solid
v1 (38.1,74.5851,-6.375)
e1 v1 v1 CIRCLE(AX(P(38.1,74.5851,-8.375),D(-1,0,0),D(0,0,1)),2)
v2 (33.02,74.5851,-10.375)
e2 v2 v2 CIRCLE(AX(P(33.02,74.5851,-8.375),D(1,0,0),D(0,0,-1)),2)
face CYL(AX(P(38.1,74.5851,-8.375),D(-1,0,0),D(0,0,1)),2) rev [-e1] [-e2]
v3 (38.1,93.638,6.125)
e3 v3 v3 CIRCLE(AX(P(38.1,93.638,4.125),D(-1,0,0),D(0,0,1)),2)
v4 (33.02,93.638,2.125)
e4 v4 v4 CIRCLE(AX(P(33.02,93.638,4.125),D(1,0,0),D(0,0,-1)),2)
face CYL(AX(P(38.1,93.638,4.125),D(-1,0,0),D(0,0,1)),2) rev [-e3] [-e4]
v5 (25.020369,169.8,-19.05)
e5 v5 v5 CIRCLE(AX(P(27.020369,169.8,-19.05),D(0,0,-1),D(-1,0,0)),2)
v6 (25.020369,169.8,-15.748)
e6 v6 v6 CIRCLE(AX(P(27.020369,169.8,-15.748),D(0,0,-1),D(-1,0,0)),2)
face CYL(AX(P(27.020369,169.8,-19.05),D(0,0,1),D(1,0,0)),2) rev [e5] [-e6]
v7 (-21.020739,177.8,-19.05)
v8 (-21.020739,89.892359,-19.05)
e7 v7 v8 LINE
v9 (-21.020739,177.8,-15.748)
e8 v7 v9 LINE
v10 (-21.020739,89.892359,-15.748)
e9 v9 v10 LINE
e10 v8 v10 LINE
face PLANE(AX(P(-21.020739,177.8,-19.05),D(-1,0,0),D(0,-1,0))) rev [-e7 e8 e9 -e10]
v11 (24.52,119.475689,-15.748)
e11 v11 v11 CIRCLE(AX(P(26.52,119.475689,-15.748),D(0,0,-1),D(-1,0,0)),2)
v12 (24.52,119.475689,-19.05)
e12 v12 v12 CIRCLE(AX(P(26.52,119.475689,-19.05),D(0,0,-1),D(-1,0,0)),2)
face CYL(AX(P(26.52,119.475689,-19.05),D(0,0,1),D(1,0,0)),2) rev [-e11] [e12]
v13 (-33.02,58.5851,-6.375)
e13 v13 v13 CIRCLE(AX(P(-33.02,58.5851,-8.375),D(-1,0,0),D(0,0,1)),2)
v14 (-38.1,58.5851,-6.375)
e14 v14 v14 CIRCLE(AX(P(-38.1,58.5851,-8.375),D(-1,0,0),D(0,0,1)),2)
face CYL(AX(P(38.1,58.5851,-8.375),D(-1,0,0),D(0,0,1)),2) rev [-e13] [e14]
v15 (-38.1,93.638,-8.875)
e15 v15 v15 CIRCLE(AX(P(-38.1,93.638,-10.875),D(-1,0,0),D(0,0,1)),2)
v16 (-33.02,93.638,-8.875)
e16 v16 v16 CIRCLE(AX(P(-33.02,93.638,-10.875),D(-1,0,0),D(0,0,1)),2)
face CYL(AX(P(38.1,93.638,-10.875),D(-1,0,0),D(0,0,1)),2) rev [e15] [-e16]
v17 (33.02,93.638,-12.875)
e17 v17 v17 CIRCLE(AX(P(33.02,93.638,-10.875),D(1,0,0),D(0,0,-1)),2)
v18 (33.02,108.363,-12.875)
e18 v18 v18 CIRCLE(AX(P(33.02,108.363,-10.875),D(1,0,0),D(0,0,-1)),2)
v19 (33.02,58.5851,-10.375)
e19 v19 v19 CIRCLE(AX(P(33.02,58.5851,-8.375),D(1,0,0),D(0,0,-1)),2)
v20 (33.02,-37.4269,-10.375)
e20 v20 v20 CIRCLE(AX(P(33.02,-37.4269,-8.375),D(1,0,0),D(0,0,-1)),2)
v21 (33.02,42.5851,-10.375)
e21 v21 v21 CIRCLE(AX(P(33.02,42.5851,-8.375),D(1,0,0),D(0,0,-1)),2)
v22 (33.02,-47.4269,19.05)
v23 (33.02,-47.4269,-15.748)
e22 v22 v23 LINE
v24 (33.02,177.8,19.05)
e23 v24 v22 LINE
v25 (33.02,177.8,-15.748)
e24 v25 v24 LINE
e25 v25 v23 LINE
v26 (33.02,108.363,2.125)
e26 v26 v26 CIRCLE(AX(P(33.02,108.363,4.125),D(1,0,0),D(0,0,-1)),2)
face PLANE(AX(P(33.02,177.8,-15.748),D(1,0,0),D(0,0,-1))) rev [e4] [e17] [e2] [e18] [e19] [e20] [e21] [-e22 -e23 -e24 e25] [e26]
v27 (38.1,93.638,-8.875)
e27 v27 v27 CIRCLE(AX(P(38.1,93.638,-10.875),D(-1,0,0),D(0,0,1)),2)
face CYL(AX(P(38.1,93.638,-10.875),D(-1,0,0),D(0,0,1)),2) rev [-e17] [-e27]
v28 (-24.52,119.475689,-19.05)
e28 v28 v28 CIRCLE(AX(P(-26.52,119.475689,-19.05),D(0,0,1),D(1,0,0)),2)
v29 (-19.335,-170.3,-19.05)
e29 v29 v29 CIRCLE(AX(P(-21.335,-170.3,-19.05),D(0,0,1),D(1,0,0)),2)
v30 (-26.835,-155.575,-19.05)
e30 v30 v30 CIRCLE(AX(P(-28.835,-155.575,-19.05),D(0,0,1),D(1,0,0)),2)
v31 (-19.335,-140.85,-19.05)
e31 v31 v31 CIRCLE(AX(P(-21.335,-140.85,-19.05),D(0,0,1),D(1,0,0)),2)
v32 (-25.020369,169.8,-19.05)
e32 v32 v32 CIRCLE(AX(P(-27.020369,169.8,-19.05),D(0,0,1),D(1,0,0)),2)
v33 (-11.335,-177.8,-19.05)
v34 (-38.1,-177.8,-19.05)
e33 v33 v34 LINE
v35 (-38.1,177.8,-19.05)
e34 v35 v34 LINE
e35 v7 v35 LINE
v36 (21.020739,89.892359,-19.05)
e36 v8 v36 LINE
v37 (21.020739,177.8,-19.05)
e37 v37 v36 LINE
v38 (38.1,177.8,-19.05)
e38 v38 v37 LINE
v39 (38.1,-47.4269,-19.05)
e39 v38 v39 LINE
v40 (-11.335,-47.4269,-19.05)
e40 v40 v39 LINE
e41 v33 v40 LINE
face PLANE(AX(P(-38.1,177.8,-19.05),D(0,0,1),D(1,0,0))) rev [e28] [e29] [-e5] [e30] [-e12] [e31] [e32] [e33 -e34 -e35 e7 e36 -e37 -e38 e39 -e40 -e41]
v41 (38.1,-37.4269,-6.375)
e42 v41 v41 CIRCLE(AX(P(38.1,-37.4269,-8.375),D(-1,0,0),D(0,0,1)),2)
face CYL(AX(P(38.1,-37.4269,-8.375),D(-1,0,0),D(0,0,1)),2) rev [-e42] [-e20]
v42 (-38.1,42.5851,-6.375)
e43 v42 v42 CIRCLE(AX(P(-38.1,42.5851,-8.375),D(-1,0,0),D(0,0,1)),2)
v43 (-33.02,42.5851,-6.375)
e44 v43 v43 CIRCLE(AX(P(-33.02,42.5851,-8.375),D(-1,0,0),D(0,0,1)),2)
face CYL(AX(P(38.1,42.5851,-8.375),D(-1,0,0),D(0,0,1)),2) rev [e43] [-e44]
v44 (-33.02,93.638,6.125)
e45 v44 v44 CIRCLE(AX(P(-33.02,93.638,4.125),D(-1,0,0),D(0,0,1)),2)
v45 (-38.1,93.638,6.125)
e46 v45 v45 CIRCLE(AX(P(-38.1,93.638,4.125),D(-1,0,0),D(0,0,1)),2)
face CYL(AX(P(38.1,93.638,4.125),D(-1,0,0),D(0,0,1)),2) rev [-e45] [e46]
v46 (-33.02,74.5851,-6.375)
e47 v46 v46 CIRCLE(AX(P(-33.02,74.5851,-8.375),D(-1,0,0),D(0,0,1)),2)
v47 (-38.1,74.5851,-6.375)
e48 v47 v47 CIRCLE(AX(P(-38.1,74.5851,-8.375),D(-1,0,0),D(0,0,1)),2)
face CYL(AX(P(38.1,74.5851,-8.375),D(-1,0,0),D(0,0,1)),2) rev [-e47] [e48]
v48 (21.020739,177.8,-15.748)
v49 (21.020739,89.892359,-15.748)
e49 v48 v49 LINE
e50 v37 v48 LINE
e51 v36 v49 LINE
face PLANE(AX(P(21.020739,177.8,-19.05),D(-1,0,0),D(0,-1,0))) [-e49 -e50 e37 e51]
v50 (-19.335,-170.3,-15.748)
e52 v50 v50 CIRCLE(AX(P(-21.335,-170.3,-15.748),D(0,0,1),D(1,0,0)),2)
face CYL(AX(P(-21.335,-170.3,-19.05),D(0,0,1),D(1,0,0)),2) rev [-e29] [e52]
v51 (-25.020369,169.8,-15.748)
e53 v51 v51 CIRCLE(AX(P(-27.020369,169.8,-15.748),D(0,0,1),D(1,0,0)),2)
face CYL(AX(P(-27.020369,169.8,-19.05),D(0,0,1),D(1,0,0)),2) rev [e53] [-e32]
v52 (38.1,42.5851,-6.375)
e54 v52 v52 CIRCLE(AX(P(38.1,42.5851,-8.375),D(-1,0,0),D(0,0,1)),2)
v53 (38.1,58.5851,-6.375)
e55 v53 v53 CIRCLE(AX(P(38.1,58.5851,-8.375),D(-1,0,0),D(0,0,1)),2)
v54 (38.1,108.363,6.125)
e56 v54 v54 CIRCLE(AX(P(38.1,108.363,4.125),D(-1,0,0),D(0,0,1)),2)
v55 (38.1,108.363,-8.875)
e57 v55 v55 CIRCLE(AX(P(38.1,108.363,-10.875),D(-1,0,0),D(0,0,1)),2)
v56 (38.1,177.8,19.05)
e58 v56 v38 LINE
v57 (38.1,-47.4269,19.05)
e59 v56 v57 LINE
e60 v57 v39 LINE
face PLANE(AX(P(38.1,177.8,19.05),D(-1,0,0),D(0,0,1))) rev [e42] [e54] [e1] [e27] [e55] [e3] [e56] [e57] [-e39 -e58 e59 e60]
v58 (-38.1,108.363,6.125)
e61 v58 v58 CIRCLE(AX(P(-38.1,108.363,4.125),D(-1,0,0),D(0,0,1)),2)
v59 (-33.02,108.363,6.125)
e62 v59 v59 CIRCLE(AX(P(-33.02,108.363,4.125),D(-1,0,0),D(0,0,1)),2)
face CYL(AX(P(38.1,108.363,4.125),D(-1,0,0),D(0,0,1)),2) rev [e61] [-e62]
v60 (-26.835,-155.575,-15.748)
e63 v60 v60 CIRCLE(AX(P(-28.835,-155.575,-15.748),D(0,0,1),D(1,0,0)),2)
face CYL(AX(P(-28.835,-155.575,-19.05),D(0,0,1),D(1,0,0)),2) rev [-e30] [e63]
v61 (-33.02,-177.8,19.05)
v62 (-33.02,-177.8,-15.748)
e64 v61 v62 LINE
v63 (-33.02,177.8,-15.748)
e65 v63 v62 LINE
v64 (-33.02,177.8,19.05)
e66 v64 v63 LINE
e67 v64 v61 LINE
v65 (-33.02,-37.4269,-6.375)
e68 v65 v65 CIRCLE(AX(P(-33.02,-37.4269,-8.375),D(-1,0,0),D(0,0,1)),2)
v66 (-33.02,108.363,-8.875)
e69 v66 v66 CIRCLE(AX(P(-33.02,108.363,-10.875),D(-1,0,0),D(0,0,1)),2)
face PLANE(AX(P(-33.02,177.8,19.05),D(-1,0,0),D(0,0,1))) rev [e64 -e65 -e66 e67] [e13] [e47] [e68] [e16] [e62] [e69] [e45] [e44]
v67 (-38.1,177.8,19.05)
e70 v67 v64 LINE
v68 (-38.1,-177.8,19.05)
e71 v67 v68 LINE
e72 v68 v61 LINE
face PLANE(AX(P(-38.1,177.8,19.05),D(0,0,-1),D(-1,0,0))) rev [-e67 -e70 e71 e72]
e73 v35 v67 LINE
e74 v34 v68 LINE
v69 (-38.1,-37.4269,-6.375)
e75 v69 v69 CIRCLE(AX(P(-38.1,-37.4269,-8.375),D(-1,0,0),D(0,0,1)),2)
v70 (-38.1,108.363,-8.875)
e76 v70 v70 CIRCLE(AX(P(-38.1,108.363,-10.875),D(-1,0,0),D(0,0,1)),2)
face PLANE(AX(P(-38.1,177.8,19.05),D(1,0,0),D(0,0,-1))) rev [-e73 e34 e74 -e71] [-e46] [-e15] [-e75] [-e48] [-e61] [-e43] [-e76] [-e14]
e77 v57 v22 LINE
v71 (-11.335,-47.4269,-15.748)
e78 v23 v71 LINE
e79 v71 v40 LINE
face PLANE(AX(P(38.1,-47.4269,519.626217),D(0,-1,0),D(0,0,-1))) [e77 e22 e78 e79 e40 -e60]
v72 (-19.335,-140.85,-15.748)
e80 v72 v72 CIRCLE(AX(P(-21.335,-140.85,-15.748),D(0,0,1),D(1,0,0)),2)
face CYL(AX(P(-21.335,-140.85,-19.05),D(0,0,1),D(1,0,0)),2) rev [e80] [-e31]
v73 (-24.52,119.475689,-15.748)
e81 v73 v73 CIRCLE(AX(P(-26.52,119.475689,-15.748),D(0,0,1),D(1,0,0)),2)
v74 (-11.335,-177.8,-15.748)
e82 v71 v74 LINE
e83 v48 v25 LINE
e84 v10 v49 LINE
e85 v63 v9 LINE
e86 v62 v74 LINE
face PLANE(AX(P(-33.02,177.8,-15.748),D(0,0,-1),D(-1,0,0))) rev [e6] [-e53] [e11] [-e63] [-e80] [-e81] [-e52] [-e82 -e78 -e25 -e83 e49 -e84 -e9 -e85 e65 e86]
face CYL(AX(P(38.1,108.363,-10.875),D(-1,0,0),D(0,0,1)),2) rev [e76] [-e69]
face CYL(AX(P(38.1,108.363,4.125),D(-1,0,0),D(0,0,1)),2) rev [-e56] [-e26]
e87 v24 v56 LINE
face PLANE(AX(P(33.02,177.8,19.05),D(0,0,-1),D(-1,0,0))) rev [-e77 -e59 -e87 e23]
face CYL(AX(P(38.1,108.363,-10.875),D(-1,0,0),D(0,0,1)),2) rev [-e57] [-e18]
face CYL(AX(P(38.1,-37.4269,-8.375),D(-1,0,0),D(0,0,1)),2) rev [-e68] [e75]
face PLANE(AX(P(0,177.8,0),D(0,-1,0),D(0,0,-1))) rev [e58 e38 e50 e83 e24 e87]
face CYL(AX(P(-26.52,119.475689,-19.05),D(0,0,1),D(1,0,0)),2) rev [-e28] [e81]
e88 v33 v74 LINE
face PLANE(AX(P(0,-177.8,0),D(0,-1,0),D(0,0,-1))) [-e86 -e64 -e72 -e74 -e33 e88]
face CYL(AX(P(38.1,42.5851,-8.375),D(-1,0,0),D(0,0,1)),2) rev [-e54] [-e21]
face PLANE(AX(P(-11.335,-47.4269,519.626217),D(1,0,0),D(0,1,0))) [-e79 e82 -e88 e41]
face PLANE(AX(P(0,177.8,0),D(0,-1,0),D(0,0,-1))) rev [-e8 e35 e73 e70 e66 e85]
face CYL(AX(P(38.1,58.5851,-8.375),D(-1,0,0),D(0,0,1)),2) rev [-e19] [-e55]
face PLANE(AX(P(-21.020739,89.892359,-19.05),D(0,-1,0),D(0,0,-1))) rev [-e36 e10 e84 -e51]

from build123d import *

# Parameters (mm, degrees)
BOSS_EXTRUDE1_DEPTH     = 177.8
SKETCH2_R               = 2
SKETCH2_W               = 21.020738686
SKETCH2_H               = 87.907641246
CUT_EXTRUDE1_DEPTH      = 4.302
SKETCH4_R               = 2
CUT_EXTRUDE2_DEPTH      = 4.302
SKETCH5_R               = 2
CUT_EXTRUDE3_DEPTH      = 77.2
CUT_EXTRUDE4_DEPTH      = 1
CUT_EXTRUDE4_DEPTH_BACK = 39.1


with BuildPart() as part:
    # Sketch1 → Boss-Extrude1 (new body, symmetric)
    with BuildSketch(Plane(origin=(0, 0, 0), x_dir=(1, 0, 0), z_dir=(0, 1, 0))):
        Polygon((-38.1, -19.05), (-33.02, -19.05), (-33.02, 15.748), (33.02, 15.748), (33.02, -19.05), (38.1, -19.05), (38.1, 19.05), (-38.1, 19.05), align=None)
    extrude(amount=BOSS_EXTRUDE1_DEPTH, both=True)

    # Sketch2 → Cut-Extrude1 (cut, through all)
    with BuildSketch(Plane.XY.offset(-15.748)):
        with Locations((-27.020369343, 169.8)):
            Circle(SKETCH2_R)
        with Locations((-26.52, 119.475689004)):
            Circle(SKETCH2_R)
        with Locations((-10.510369343, 133.846179377)):
            Rectangle(SKETCH2_W, SKETCH2_H)
    cut_extrude1 = extrude(amount=-CUT_EXTRUDE1_DEPTH, mode=Mode.SUBTRACT)

    # Mirror1: Cut-Extrude1 across plane
    add(cut_extrude1.mirror(Plane(origin=(0, 0, 0), x_dir=(0, 0, 1), z_dir=(1, 0, 0))), mode=Mode.SUBTRACT)

    # Sketch4 → Cut-Extrude2 (cut, through all)
    with BuildSketch(Plane.XY.offset(-15.748)):
        with Locations((-21.335, -170.3)):
            Circle(SKETCH4_R)
        with Locations((-28.835, -155.575)):
            Circle(SKETCH4_R)
        with Locations((-21.335, -140.85)):
            Circle(SKETCH4_R)
    extrude(amount=-CUT_EXTRUDE2_DEPTH, mode=Mode.SUBTRACT)

    # Sketch5 → Cut-Extrude3 (cut, through all)
    with BuildSketch(Plane.ZY.offset(38.1)):
        with Locations((-8.375, 58.5851)):
            Circle(SKETCH5_R)
        with Locations((-8.375, 74.5851)):
            Circle(SKETCH5_R)
        with Locations((-8.375, 42.5851)):
            Circle(SKETCH5_R)
        with Locations((-8.375, -37.4269)):
            Circle(SKETCH5_R)
        with Locations((-10.875, 93.638)):
            Circle(SKETCH5_R)
        with Locations((4.125, 93.638)):
            Circle(SKETCH5_R)
        with Locations((4.125, 108.363)):
            Circle(SKETCH5_R)
        with Locations((-10.875, 108.363)):
            Circle(SKETCH5_R)
    extrude(amount=-CUT_EXTRUDE3_DEPTH, mode=Mode.SUBTRACT)

    # Sketch6 → Cut-Extrude4 (cut, two sides)
    with BuildSketch(Plane.XY.offset(19.05)) as cut_extrude4_sk:
        Polygon((766.139495362, -47.4269), (38.1, -47.4269), (-11.335, -47.4269), (-11.335, -177.8), (-11.335, -905.839495362), (1067.889453991, -1883.30591685), (1845.363949353, -1024.893321488), align=None)
    extrude(amount=CUT_EXTRUDE4_DEPTH, mode=Mode.SUBTRACT)
    extrude(cut_extrude4_sk.sketch, amount=-CUT_EXTRUDE4_DEPTH_BACK, mode=Mode.SUBTRACT)


solid = part.part
